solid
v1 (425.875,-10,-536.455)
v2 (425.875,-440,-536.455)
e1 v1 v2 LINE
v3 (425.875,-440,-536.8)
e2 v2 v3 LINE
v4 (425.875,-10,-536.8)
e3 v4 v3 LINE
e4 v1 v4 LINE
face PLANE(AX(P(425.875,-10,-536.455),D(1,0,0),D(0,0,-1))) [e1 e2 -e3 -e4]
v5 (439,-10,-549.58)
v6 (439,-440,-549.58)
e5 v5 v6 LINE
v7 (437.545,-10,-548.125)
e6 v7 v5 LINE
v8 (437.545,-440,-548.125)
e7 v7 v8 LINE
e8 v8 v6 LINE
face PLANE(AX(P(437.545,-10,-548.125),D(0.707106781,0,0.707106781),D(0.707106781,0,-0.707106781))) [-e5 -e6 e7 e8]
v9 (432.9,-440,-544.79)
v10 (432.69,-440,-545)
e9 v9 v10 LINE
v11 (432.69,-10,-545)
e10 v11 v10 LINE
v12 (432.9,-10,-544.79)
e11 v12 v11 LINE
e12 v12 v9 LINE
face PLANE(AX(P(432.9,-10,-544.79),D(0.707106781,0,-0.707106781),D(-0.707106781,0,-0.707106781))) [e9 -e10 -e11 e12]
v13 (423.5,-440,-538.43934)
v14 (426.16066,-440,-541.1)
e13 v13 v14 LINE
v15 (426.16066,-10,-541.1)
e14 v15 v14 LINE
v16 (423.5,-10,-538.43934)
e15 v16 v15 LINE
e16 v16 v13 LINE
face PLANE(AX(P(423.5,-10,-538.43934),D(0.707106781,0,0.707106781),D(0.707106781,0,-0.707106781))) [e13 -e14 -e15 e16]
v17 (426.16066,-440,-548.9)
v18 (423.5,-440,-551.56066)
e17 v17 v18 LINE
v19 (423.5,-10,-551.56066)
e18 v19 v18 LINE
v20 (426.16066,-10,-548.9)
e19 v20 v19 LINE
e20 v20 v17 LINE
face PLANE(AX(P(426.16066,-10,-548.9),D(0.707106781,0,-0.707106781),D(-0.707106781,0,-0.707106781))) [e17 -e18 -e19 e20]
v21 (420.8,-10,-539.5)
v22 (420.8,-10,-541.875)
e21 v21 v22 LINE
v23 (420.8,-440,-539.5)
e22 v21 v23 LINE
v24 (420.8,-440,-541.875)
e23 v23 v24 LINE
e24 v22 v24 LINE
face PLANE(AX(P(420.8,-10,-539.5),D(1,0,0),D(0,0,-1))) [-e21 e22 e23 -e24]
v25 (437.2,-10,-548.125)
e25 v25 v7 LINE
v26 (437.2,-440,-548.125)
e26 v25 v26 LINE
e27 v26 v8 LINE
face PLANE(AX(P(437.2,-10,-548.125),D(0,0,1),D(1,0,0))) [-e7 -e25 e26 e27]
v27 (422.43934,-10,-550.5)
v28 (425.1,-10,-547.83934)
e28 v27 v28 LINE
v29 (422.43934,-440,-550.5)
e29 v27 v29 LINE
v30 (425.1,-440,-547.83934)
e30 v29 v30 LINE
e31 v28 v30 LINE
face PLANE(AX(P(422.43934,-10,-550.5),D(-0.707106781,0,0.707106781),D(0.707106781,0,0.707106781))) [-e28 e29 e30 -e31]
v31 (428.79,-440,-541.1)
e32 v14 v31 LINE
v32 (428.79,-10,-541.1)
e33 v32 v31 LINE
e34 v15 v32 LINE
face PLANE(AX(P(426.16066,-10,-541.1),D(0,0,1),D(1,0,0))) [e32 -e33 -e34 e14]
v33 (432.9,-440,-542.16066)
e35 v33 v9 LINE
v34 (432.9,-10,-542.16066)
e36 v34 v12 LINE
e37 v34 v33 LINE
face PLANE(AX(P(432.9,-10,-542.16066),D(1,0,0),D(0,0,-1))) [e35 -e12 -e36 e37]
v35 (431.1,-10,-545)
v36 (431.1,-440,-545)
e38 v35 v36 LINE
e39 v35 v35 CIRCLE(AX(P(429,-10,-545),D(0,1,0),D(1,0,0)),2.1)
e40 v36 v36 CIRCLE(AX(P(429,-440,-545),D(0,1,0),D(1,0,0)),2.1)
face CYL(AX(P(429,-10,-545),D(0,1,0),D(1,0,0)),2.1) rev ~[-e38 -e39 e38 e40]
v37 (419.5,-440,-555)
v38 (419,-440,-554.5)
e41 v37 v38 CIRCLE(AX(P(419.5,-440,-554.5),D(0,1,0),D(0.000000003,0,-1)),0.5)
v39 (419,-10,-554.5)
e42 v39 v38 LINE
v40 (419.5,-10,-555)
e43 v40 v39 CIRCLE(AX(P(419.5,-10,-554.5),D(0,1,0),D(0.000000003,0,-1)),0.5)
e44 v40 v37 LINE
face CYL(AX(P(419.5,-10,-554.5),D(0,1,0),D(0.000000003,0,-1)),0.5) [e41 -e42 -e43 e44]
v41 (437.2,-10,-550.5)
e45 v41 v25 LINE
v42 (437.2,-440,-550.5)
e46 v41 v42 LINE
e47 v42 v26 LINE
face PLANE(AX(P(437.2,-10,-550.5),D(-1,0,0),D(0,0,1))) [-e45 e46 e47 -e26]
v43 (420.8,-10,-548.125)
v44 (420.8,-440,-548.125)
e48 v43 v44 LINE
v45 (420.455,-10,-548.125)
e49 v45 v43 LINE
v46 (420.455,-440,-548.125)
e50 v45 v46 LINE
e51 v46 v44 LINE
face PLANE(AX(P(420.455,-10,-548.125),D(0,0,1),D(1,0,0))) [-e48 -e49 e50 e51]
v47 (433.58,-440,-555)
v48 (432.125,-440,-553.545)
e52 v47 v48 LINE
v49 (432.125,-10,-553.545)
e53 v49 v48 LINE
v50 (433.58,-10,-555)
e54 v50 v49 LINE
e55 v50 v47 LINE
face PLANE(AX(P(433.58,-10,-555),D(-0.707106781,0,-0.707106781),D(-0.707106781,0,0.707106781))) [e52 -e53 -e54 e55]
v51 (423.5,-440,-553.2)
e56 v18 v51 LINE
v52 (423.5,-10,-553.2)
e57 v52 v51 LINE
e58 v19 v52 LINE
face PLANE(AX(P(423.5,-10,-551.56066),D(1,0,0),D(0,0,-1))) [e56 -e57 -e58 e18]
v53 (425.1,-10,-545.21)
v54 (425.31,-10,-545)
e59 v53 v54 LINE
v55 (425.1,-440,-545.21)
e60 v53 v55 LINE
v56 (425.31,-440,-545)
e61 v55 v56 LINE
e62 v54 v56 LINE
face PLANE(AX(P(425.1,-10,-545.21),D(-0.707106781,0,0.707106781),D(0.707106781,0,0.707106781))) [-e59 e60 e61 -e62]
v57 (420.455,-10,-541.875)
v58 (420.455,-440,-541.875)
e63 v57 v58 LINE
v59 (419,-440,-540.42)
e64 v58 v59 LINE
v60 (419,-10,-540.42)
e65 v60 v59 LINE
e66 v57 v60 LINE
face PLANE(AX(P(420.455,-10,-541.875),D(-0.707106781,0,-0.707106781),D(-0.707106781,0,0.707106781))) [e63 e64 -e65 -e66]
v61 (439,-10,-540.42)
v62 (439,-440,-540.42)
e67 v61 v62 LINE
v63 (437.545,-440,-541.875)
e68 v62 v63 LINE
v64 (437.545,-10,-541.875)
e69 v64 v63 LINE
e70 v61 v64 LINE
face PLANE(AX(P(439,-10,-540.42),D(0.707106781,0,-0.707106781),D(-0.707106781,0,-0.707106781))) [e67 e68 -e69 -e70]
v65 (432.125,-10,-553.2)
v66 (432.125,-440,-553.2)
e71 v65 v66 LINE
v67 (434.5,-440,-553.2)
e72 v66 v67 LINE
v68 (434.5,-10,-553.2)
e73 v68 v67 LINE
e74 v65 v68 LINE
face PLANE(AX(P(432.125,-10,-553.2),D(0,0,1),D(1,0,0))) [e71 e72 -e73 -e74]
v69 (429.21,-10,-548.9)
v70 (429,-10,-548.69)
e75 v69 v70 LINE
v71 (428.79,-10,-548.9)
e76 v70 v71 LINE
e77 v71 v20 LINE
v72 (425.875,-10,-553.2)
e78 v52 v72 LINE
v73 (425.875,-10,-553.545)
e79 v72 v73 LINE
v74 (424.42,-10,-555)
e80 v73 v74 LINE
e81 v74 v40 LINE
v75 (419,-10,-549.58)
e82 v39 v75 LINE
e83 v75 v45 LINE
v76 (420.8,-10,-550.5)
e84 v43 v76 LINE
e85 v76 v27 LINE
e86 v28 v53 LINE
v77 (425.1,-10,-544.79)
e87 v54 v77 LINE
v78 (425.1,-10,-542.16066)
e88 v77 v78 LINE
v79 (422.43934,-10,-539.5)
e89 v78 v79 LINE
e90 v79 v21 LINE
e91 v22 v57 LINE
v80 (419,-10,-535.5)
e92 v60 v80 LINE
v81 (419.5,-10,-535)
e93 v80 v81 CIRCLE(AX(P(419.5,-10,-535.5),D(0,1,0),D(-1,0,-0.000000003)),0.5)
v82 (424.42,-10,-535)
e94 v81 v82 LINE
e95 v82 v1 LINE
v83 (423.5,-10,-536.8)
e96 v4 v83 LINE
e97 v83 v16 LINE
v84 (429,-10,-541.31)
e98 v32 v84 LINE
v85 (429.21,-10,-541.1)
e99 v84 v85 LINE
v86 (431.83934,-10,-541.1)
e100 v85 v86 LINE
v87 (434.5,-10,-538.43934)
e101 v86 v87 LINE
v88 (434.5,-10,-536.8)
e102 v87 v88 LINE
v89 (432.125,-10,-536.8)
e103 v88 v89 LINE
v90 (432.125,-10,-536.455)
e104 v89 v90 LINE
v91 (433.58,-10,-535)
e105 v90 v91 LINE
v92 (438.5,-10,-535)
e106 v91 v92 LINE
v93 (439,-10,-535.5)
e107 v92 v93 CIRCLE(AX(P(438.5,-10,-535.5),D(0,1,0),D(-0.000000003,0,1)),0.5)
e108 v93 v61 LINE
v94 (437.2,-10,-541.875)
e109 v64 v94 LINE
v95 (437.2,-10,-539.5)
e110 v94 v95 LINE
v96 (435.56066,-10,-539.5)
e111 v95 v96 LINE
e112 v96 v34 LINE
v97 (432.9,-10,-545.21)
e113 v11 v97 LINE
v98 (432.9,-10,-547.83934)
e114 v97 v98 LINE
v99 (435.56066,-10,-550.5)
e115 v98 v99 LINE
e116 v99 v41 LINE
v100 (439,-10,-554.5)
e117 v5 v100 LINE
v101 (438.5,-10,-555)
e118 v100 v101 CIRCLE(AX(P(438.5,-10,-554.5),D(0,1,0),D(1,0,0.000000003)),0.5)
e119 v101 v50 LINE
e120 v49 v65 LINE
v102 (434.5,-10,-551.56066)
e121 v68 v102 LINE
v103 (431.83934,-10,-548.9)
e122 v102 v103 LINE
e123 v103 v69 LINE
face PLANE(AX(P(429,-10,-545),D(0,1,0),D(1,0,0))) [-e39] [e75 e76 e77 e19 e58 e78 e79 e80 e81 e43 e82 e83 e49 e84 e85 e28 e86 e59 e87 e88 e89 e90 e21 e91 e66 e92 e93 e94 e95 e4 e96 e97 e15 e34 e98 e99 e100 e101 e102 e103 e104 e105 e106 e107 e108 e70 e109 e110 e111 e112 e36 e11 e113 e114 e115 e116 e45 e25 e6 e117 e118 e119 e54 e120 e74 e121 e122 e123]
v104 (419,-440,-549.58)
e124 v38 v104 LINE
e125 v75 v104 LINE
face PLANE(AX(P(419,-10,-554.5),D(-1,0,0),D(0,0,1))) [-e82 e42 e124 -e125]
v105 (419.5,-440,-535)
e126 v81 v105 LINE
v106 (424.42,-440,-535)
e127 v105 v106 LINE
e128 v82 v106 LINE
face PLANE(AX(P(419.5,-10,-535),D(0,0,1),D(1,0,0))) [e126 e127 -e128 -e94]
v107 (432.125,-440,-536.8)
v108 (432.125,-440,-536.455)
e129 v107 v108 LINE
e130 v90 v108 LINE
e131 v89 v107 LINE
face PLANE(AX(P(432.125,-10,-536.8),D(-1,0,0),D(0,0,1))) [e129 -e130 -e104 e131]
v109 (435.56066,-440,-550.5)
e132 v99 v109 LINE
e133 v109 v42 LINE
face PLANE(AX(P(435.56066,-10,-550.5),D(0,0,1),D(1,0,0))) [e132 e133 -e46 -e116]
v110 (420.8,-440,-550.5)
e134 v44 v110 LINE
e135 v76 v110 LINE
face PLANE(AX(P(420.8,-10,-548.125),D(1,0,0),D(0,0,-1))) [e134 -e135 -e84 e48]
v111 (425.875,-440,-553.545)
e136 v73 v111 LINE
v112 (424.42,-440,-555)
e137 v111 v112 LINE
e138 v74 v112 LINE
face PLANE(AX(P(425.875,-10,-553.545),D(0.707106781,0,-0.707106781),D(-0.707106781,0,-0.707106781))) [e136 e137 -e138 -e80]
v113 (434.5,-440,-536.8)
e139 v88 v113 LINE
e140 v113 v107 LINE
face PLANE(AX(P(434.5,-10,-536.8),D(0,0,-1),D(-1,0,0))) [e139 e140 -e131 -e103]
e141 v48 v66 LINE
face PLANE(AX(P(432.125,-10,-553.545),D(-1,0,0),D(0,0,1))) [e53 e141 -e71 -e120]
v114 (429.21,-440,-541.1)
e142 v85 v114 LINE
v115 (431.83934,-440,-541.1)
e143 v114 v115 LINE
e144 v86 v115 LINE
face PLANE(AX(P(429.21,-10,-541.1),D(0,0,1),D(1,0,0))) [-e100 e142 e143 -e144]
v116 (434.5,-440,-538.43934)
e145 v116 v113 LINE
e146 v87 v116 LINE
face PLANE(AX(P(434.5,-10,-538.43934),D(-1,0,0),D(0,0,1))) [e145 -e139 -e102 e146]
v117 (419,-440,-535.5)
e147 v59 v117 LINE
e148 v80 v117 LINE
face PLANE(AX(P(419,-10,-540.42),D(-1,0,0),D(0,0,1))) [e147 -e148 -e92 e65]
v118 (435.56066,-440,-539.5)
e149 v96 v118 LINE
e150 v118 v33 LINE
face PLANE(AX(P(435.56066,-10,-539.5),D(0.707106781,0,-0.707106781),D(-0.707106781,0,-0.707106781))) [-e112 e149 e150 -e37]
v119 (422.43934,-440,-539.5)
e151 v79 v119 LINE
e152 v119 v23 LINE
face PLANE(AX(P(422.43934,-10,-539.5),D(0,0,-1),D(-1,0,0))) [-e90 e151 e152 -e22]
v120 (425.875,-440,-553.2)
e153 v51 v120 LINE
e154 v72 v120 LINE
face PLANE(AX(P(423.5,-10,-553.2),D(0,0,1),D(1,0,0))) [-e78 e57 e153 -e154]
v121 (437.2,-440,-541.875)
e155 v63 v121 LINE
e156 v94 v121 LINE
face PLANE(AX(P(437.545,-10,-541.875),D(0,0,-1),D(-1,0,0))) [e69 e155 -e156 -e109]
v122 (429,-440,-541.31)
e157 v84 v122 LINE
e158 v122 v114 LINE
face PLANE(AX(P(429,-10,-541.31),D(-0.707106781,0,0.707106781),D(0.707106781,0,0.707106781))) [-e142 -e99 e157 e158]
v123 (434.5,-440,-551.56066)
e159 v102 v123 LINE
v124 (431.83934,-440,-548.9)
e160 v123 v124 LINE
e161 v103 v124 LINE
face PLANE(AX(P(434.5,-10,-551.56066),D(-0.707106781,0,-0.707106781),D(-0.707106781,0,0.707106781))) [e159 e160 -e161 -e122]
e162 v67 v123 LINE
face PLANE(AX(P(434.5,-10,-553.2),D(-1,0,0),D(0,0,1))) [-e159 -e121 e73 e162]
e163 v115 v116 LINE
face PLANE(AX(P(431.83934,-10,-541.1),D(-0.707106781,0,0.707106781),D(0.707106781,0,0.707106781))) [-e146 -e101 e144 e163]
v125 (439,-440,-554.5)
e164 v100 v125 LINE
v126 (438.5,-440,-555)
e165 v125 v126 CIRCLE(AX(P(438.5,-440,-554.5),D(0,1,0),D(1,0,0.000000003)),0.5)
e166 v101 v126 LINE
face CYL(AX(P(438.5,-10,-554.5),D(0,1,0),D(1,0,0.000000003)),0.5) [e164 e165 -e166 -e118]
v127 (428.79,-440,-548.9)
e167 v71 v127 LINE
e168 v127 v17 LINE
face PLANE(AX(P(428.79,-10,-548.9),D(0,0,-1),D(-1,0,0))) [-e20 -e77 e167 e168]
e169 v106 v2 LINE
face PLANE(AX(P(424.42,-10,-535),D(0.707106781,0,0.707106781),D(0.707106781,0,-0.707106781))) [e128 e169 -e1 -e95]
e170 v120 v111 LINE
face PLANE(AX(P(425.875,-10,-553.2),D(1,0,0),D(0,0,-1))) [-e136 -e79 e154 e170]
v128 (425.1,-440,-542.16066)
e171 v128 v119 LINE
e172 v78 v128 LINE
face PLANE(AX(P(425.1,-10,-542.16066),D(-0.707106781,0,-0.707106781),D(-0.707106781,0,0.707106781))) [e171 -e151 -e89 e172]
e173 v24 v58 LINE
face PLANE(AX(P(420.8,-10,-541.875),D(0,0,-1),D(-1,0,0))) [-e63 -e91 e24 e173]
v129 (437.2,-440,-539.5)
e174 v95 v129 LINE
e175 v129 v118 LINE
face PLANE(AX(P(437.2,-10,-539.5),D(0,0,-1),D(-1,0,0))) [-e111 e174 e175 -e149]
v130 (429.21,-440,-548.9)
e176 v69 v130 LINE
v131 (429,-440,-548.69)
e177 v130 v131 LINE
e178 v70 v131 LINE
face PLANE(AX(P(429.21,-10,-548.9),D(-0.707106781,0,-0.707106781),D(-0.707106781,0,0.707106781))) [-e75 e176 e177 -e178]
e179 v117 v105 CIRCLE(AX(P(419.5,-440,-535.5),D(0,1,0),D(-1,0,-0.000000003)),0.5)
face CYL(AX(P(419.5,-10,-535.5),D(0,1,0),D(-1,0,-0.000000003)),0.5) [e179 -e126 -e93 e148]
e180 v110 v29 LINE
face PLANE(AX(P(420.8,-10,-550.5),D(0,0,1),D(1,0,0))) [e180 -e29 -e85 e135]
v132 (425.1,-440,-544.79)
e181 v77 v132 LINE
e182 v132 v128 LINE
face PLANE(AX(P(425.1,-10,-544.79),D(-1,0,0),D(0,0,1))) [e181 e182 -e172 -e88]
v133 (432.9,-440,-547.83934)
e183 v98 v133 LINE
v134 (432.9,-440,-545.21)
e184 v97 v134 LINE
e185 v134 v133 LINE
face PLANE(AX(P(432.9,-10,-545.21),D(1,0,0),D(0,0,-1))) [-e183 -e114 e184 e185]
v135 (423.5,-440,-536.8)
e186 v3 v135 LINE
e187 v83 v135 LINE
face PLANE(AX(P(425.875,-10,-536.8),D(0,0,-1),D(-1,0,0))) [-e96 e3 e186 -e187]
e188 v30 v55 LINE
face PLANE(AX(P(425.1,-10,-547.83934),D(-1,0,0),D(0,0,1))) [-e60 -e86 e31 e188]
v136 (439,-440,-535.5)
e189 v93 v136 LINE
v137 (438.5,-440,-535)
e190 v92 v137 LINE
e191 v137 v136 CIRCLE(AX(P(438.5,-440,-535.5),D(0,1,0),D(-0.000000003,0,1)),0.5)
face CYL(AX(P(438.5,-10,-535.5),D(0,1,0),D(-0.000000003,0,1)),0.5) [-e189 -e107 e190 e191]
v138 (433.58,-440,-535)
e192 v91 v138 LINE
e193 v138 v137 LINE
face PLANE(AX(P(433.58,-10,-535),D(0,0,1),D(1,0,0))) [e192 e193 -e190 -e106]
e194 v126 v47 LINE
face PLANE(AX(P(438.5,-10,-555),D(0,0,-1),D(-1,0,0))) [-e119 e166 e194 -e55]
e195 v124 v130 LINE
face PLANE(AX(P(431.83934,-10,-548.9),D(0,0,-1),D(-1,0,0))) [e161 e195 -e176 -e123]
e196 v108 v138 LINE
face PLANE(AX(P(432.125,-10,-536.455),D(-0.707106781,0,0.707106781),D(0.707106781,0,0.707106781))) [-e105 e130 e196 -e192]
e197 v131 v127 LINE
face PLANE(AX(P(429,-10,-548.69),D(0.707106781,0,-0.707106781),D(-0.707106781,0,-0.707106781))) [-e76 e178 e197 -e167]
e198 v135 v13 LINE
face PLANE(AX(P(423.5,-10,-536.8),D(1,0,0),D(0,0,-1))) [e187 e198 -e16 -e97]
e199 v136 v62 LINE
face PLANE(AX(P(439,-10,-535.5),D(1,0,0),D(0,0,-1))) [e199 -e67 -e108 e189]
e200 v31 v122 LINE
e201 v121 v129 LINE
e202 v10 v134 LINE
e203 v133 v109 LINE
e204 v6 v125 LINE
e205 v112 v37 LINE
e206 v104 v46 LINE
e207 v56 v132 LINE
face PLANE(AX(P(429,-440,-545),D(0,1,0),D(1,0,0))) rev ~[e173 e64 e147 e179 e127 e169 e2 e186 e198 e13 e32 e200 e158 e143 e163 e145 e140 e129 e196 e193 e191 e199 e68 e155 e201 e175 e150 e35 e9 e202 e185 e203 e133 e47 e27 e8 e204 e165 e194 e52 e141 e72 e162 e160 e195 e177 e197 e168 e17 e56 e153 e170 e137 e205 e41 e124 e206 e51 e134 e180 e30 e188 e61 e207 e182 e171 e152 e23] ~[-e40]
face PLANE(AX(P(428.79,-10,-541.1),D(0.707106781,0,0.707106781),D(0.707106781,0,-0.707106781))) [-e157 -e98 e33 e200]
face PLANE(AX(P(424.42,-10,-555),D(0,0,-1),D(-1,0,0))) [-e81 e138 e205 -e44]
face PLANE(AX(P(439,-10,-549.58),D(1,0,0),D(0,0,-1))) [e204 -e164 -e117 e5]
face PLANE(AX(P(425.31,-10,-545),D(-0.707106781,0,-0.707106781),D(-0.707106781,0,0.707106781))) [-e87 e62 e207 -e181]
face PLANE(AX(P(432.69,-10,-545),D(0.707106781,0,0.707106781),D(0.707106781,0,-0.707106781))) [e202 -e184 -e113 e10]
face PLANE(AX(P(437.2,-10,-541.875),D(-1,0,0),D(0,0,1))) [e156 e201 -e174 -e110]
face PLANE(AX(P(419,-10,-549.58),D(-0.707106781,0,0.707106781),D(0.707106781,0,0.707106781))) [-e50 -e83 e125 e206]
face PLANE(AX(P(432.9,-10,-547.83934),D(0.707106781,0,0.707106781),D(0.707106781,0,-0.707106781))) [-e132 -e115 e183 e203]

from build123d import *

# Parameters (mm, degrees)
SKETCH1_R           = 2.1
BOSS_EXTRUDE1_DEPTH = 430


with BuildPart() as part:
    # Sketch1 → Boss-Extrude1 (new body)
    with BuildSketch(Plane(origin=(0, -10, 0), x_dir=(1, 0, 0), z_dir=(0, 1, 0))):
        with BuildLine():
            Line((419, 554.5), (419, 549.58))
            Line((419, 549.58), (420.455, 548.125))
            Line((420.455, 548.125), (420.8, 548.125))
            Line((420.8, 548.125), (420.8, 550.5))
            Line((420.8, 550.5), (422.439339828, 550.5))
            Line((422.439339828, 550.5), (425.1, 547.839339828))
            Line((425.1, 547.839339828), (425.1, 545.21))
            Line((425.1, 545.21), (425.31, 545))
            Line((425.31, 545), (425.1, 544.79))
            Line((425.1, 544.79), (425.1, 542.160660172))
            Line((425.1, 542.160660172), (422.439339828, 539.5))
            Line((422.439339828, 539.5), (420.8, 539.5))
            Line((420.8, 539.5), (420.8, 541.875))
            Line((420.8, 541.875), (420.455, 541.875))
            Line((420.455, 541.875), (419, 540.42))
            Line((419, 540.42), (419, 535.5))
            ThreePointArc((419, 535.5), (419.146446609, 535.146446609), (419.5, 535))
            Line((419.5, 535), (424.42, 535))
            Line((424.42, 535), (425.875, 536.455))
            Line((425.875, 536.455), (425.875, 536.8))
            Line((425.875, 536.8), (423.5, 536.8))
            Line((423.5, 536.8), (423.5, 538.439339828))
            Line((423.5, 538.439339828), (426.160660172, 541.1))
            Line((426.160660172, 541.1), (428.79, 541.1))
            Line((428.79, 541.1), (429, 541.31))
            Line((429, 541.31), (429.21, 541.1))
            Line((429.21, 541.1), (431.839339828, 541.1))
            Line((431.839339828, 541.1), (434.5, 538.439339828))
            Line((434.5, 538.439339828), (434.5, 536.8))
            Line((434.5, 536.8), (432.125, 536.8))
            Line((432.125, 536.8), (432.125, 536.455))
            Line((432.125, 536.455), (433.58, 535))
            Line((433.58, 535), (438.5, 535))
            ThreePointArc((438.5, 535), (438.853553391, 535.146446609), (439, 535.5))
            Line((439, 535.5), (439, 540.42))
            Line((439, 540.42), (437.545, 541.875))
            Line((437.545, 541.875), (437.2, 541.875))
            Line((437.2, 541.875), (437.2, 539.5))
            Line((437.2, 539.5), (435.560660172, 539.5))
            Line((435.560660172, 539.5), (432.9, 542.160660172))
            Line((432.9, 542.160660172), (432.9, 544.79))
            Line((432.9, 544.79), (432.69, 545))
            Line((432.69, 545), (432.9, 545.21))
            Line((432.9, 545.21), (432.9, 547.839339829))
            Line((432.9, 547.839339829), (435.560660171, 550.5))
            Line((435.560660171, 550.5), (437.2, 550.5))
            Line((437.2, 550.5), (437.2, 548.125))
            Line((437.2, 548.125), (437.545, 548.125))
            Line((437.545, 548.125), (439, 549.58))
            Line((439, 549.58), (439, 554.5))
            ThreePointArc((439, 554.5), (438.853553391, 554.853553391), (438.5, 555))
            Line((438.5, 555), (433.58, 555))
            Line((433.58, 555), (432.125, 553.545))
            Line((432.125, 553.545), (432.125, 553.2))
            Line((432.125, 553.2), (434.5, 553.2))
            Line((434.5, 553.2), (434.5, 551.560660172))
            Line((434.5, 551.560660172), (431.839339828, 548.9))
            Line((431.839339828, 548.9), (429.21, 548.9))
            Line((429.21, 548.9), (429, 548.69))
            Line((429, 548.69), (428.79, 548.9))
            Line((428.79, 548.9), (426.160660172, 548.9))
            Line((426.160660172, 548.9), (423.5, 551.560660172))
            Line((423.5, 551.560660172), (423.5, 553.2))
            Line((423.5, 553.2), (425.875, 553.2))
            Line((425.875, 553.2), (425.875, 553.545))
            Line((425.875, 553.545), (424.42, 555))
            Line((424.42, 555), (419.5, 555))
            ThreePointArc((419.5, 555), (419.146446609, 554.853553391), (419, 554.5))
        make_face()
        with Locations((429, 545)):
            Circle(SKETCH1_R, mode=Mode.SUBTRACT)
    extrude(amount=-BOSS_EXTRUDE1_DEPTH)


solid = part.part
